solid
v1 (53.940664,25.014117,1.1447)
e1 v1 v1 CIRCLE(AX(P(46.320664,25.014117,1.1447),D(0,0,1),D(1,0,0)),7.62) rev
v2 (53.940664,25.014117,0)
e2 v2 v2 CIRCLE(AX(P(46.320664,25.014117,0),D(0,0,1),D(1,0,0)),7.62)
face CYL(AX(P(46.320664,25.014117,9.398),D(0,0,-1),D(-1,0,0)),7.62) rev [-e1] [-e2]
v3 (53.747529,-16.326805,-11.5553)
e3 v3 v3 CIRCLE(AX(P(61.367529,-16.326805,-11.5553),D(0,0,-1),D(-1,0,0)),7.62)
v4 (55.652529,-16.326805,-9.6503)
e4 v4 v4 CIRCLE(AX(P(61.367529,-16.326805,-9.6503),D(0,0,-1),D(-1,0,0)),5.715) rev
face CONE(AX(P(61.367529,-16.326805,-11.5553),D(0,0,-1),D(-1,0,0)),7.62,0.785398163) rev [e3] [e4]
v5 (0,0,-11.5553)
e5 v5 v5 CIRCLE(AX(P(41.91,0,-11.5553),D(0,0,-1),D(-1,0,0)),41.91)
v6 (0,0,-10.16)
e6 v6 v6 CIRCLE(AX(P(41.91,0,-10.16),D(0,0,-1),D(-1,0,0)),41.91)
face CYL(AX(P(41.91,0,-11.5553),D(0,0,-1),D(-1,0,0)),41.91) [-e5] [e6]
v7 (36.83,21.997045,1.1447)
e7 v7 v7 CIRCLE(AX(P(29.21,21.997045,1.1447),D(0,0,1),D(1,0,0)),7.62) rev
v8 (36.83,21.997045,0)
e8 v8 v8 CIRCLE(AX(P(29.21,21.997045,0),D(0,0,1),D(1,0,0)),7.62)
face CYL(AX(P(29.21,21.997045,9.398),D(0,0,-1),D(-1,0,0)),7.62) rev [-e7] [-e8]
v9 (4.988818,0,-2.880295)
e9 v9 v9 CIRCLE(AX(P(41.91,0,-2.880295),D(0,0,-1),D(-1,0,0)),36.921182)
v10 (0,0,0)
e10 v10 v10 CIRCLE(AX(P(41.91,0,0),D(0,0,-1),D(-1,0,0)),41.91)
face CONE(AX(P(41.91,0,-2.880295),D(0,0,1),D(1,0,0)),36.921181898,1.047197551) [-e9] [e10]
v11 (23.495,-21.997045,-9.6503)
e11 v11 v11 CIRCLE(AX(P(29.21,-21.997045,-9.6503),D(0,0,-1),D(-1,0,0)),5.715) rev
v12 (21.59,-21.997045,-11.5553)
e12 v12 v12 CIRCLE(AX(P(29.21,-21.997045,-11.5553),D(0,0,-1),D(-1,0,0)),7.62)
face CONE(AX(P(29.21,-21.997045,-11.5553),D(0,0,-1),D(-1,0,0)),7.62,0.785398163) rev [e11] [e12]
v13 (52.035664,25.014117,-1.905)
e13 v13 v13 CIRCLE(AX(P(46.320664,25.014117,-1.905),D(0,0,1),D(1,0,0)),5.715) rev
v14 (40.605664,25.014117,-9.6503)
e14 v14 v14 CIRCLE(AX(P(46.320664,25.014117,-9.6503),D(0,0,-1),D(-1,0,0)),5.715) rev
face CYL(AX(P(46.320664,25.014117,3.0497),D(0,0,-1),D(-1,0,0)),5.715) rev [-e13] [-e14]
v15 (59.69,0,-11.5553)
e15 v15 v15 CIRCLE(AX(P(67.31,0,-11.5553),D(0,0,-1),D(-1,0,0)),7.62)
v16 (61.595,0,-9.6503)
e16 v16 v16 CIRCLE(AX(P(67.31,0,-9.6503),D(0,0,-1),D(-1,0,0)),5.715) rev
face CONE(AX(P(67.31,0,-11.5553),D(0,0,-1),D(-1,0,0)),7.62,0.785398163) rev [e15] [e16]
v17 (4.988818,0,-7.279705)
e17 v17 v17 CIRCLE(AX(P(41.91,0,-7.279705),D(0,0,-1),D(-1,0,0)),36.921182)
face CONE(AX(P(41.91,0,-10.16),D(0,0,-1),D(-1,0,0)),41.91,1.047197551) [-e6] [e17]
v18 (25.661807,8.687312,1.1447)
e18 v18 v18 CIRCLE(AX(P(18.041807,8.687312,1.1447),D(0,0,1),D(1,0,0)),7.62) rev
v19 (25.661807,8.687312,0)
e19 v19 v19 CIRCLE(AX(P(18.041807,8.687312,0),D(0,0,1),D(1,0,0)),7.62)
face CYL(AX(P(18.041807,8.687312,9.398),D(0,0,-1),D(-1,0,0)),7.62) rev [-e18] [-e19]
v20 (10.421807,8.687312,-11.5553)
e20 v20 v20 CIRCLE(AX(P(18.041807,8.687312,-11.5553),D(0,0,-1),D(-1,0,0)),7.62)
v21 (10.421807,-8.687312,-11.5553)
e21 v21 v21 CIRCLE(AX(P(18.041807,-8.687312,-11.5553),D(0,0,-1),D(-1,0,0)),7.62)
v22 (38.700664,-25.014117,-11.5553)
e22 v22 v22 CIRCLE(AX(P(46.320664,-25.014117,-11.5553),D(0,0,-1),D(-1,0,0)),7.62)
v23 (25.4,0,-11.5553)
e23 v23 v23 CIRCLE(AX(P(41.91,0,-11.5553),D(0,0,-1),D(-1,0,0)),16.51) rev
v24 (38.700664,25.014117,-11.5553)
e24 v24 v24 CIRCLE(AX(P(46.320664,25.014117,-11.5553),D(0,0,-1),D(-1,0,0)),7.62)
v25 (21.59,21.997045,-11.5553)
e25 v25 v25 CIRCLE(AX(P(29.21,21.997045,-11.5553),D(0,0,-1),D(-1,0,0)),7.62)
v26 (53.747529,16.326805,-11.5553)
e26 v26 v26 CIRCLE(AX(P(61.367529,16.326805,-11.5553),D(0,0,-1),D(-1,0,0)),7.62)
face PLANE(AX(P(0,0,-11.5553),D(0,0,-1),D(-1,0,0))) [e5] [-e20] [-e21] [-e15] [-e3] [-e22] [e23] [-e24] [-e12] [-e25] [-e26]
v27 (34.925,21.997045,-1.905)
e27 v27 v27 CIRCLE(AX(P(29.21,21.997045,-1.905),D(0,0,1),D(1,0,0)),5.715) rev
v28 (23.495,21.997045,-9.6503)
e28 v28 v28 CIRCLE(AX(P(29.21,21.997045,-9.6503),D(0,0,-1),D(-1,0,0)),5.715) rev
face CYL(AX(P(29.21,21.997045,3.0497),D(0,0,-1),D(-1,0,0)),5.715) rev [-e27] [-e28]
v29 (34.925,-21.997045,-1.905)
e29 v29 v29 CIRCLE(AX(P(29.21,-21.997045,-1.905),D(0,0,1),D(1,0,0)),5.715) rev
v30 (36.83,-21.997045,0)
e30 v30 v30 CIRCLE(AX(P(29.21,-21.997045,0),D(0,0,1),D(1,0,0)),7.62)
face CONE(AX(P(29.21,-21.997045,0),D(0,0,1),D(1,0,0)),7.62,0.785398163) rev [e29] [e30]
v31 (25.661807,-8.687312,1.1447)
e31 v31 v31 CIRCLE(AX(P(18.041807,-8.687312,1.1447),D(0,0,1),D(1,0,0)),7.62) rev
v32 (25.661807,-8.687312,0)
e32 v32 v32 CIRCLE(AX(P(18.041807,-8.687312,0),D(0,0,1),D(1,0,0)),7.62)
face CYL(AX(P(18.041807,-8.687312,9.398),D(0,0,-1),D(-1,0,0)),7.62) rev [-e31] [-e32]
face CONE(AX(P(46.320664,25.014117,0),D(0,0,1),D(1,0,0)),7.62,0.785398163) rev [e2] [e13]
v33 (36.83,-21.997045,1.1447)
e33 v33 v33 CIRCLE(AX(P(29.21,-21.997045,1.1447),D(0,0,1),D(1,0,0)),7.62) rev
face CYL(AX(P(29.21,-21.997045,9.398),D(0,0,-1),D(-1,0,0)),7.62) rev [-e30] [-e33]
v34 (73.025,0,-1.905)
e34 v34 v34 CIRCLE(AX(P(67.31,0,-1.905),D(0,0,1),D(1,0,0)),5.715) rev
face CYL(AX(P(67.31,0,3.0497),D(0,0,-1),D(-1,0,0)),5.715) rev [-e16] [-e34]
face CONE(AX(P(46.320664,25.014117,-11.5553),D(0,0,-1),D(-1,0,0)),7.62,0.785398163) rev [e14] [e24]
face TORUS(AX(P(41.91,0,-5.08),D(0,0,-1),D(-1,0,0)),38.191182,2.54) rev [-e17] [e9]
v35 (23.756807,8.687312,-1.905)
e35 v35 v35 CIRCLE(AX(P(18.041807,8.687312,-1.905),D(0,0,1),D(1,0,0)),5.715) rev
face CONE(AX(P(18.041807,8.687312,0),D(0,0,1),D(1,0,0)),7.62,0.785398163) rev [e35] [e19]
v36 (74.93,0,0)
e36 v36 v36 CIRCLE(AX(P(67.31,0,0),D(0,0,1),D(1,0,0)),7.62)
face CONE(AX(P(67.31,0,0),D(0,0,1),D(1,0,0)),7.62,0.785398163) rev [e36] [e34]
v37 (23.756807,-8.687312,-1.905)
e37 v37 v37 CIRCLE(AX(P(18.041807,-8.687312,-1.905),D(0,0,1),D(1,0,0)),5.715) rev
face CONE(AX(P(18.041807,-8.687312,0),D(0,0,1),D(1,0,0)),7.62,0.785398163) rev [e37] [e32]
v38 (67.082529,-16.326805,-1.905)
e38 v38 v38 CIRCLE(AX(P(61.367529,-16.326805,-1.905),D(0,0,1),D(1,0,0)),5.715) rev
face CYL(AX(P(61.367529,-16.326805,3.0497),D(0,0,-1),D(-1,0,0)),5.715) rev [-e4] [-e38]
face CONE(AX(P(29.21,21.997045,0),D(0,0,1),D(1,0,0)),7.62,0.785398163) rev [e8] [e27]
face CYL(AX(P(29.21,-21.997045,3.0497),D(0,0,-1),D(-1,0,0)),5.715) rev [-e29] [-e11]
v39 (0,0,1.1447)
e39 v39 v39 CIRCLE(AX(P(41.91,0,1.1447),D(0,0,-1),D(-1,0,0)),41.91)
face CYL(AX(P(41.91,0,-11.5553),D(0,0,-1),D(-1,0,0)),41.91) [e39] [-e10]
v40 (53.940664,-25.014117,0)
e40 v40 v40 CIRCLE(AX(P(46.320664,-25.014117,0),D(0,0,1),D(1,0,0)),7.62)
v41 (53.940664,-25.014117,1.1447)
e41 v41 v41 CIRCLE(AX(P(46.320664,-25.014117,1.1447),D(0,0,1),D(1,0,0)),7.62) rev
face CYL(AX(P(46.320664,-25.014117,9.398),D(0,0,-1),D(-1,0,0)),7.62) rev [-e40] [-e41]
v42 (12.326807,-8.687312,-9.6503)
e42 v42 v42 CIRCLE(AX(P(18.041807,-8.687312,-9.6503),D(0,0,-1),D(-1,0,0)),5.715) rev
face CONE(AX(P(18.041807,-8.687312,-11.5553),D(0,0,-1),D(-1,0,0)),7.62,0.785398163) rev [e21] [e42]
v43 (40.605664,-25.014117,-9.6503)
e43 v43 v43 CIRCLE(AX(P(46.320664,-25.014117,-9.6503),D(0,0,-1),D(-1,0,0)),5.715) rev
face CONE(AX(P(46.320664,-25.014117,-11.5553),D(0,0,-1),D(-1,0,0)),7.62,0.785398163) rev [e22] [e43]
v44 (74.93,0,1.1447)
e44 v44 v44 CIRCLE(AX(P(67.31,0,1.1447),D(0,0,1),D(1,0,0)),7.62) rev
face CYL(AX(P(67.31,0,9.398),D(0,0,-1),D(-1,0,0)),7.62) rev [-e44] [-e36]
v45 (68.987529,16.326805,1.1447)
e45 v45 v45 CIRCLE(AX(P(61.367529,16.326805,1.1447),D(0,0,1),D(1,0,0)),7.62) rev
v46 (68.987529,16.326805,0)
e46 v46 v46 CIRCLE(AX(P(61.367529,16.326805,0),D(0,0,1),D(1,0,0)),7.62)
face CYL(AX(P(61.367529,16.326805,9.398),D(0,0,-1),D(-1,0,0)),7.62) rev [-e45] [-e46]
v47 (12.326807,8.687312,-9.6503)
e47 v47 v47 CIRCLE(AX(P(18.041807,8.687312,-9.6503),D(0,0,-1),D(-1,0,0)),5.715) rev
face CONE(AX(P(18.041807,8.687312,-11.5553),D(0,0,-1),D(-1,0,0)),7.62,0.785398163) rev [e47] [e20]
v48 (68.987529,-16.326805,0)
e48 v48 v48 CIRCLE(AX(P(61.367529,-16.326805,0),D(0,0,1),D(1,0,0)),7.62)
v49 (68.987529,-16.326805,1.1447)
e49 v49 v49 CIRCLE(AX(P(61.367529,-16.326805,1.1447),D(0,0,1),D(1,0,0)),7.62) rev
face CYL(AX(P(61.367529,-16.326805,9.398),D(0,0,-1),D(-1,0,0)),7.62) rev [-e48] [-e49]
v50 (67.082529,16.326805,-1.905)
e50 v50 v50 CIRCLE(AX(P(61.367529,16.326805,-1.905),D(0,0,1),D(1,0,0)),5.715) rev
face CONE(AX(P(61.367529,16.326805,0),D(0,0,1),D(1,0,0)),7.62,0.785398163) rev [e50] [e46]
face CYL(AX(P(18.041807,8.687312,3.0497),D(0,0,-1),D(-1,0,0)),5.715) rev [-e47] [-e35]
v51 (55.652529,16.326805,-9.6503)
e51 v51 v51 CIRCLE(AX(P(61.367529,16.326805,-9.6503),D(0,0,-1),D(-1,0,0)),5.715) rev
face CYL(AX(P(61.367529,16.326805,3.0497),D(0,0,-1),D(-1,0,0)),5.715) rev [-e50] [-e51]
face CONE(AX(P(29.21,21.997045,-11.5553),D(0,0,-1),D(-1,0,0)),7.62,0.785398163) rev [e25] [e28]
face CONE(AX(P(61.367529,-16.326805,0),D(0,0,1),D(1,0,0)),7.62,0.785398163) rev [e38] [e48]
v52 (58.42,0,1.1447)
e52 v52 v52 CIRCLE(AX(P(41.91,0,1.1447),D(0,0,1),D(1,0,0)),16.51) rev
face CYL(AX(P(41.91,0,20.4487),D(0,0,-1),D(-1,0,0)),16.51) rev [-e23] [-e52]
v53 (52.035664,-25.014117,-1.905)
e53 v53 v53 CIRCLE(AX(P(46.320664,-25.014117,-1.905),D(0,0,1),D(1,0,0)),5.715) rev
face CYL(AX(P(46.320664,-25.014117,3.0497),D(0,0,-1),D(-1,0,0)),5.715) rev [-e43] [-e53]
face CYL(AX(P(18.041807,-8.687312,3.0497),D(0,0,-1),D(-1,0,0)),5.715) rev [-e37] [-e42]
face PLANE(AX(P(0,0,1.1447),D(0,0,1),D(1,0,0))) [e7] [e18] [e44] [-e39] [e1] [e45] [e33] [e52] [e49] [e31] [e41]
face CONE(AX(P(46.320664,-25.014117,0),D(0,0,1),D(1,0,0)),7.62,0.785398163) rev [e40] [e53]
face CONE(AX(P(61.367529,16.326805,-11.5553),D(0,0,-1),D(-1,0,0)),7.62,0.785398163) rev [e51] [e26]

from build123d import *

# Parameters (mm, degrees)
SKETCH5_R                    = 16.51
CUT_EXTRUDE2_DEPTH           = 19.304
CUT_EXTRUDE2_DEPTH_BACK      = 110.744
SKETCH2_R                    = 7.62
CUT_EXTRUDE3_DEPTH           = 1.905
CUT_EXTRUDE3_TAPER           = 45
CUT_EXTRUDE3_OTHER_WAY_DEPTH = 9.398
SKETCH9_R                    = 7.62
CUT_EXTRUDE5_DEPTH           = 1.905
CUT_EXTRUDE5_TAPER           = 45
CUT_EXTRUDE5_OTHER_WAY_DEPTH = 127
SKETCH10_R                   = 5.715
CUT_EXTRUDE6_DEPTH           = 1.905
CUT_EXTRUDE6_DEPTH_BACK      = 48.641


with BuildPart() as part:
    # Sketch1 → Revolve1 (revolve)
    with BuildSketch(Plane(origin=(0, 0, 0), x_dir=(1, 0, 0), z_dir=(0, 1, 0))):
        with BuildLine():
            Line((0, 0), (4.988818102, 2.880295474))
            ThreePointArc((4.988818102, 2.880295474), (6.258818102, 5.08), (4.988818102, 7.279704526))
            Line((4.988818102, 7.279704526), (0, 10.16))
            Line((0, 10.16), (0, 11.555300166))
            Line((0, 11.555300166), (41.91, 11.555300166))
            Line((41.91, 11.555300166), (41.91, -1.144699834))
            Line((41.91, -1.144699834), (0, -1.144699834))
            Line((0, -1.144699834), (0, 0))
        make_face()
    revolve(axis=Axis((41.91, 0, -11.555300166), (0, 0, 1)))

    # Sketch5 → Cut-Extrude2 (cut, two sides)
    with BuildSketch(Plane.XY.offset(1.144699834)) as cut_extrude2_sk:
        with Locations((41.91, 0)):
            Circle(SKETCH5_R)
    extrude(amount=CUT_EXTRUDE2_DEPTH, mode=Mode.SUBTRACT)
    extrude(cut_extrude2_sk.sketch, amount=-CUT_EXTRUDE2_DEPTH_BACK, mode=Mode.SUBTRACT)

    # Sketch2 → Cut-Extrude3 (cut)
    with BuildSketch(Plane.XY):
        with Locations((67.31, 0)):
            Circle(SKETCH2_R)
        with Locations((61.367528855, -16.326805286)):
            Circle(SKETCH2_R)
        with Locations((61.367528855, 16.326805286)):
            Circle(SKETCH2_R)
        with Locations((46.320663713, 25.014116927)):
            Circle(SKETCH2_R)
        with Locations((29.21, 21.997045256)):
            Circle(SKETCH2_R)
        with Locations((18.041807432, 8.68731164)):
            Circle(SKETCH2_R)
        with Locations((18.041807432, -8.68731164)):
            Circle(SKETCH2_R)
        with Locations((29.21, -21.997045256)):
            Circle(SKETCH2_R)
        with Locations((46.320663713, -25.014116927)):
            Circle(SKETCH2_R)
    extrude(amount=-CUT_EXTRUDE3_DEPTH, taper=CUT_EXTRUDE3_TAPER, mode=Mode.SUBTRACT)

    # Sketch2 → Cut-Extrude3 other way (cut)
    with BuildSketch(Plane.XY):
        with Locations((67.31, 0)):
            Circle(SKETCH2_R)
        with Locations((61.367528855, -16.326805286)):
            Circle(SKETCH2_R)
        with Locations((61.367528855, 16.326805286)):
            Circle(SKETCH2_R)
        with Locations((46.320663713, 25.014116927)):
            Circle(SKETCH2_R)
        with Locations((29.21, 21.997045256)):
            Circle(SKETCH2_R)
        with Locations((18.041807432, 8.68731164)):
            Circle(SKETCH2_R)
        with Locations((18.041807432, -8.68731164)):
            Circle(SKETCH2_R)
        with Locations((29.21, -21.997045256)):
            Circle(SKETCH2_R)
        with Locations((46.320663713, -25.014116927)):
            Circle(SKETCH2_R)
    extrude(amount=CUT_EXTRUDE3_OTHER_WAY_DEPTH, mode=Mode.SUBTRACT)

    # Sketch9 → Cut-Extrude5 (cut)
    with BuildSketch(Plane(origin=(0, 0, -11.555300166), x_dir=(-1, 0, 0), z_dir=(0, 0, -1))):
        with Locations((-67.31, 0)):
            Circle(SKETCH9_R)
        with Locations((-61.367528855, 16.326805286)):
            Circle(SKETCH9_R)
        with Locations((-46.320663713, 25.014116927)):
            Circle(SKETCH9_R)
        with Locations((-29.21, 21.997045256)):
            Circle(SKETCH9_R)
        with Locations((-18.041807432, 8.68731164)):
            Circle(SKETCH9_R)
        with Locations((-18.041807432, -8.68731164)):
            Circle(SKETCH9_R)
        with Locations((-29.21, -21.997045256)):
            Circle(SKETCH9_R)
        with Locations((-46.320663713, -25.014116927)):
            Circle(SKETCH9_R)
        with Locations((-61.367528855, -16.326805286)):
            Circle(SKETCH9_R)
    extrude(amount=-CUT_EXTRUDE5_DEPTH, taper=CUT_EXTRUDE5_TAPER, mode=Mode.SUBTRACT)

    # Sketch9 → Cut-Extrude5 other way (cut)
    with BuildSketch(Plane(origin=(0, 0, -11.555300166), x_dir=(-1, 0, 0), z_dir=(0, 0, -1))):
        with Locations((-67.31, 0)):
            Circle(SKETCH9_R)
        with Locations((-61.367528855, 16.326805286)):
            Circle(SKETCH9_R)
        with Locations((-46.320663713, 25.014116927)):
            Circle(SKETCH9_R)
        with Locations((-29.21, 21.997045256)):
            Circle(SKETCH9_R)
        with Locations((-18.041807432, 8.68731164)):
            Circle(SKETCH9_R)
        with Locations((-18.041807432, -8.68731164)):
            Circle(SKETCH9_R)
        with Locations((-29.21, -21.997045256)):
            Circle(SKETCH9_R)
        with Locations((-46.320663713, -25.014116927)):
            Circle(SKETCH9_R)
        with Locations((-61.367528855, -16.326805286)):
            Circle(SKETCH9_R)
    extrude(amount=CUT_EXTRUDE5_OTHER_WAY_DEPTH, mode=Mode.SUBTRACT)

    # Sketch10 → Cut-Extrude6 (cut, two sides)
    with BuildSketch(Plane.XY.offset(1.144699834)) as cut_extrude6_sk:
        with Locations((29.21, 21.997045256)):
            Circle(SKETCH10_R)
        with Locations((46.320663713, 25.014116927)):
            Circle(SKETCH10_R)
        with Locations((61.367528855, 16.326805286)):
            Circle(SKETCH10_R)
        with Locations((67.31, 0)):
            Circle(SKETCH10_R)
        with Locations((61.367528855, -16.326805286)):
            Circle(SKETCH10_R)
        with Locations((46.320663713, -25.014116927)):
            Circle(SKETCH10_R)
        with Locations((29.21, -21.997045256)):
            Circle(SKETCH10_R)
        with Locations((18.041807432, -8.68731164)):
            Circle(SKETCH10_R)
        with Locations((18.041807432, 8.68731164)):
            Circle(SKETCH10_R)
    extrude(amount=CUT_EXTRUDE6_DEPTH, mode=Mode.SUBTRACT)
    extrude(cut_extrude6_sk.sketch, amount=-CUT_EXTRUDE6_DEPTH_BACK, mode=Mode.SUBTRACT)


solid = part.part
